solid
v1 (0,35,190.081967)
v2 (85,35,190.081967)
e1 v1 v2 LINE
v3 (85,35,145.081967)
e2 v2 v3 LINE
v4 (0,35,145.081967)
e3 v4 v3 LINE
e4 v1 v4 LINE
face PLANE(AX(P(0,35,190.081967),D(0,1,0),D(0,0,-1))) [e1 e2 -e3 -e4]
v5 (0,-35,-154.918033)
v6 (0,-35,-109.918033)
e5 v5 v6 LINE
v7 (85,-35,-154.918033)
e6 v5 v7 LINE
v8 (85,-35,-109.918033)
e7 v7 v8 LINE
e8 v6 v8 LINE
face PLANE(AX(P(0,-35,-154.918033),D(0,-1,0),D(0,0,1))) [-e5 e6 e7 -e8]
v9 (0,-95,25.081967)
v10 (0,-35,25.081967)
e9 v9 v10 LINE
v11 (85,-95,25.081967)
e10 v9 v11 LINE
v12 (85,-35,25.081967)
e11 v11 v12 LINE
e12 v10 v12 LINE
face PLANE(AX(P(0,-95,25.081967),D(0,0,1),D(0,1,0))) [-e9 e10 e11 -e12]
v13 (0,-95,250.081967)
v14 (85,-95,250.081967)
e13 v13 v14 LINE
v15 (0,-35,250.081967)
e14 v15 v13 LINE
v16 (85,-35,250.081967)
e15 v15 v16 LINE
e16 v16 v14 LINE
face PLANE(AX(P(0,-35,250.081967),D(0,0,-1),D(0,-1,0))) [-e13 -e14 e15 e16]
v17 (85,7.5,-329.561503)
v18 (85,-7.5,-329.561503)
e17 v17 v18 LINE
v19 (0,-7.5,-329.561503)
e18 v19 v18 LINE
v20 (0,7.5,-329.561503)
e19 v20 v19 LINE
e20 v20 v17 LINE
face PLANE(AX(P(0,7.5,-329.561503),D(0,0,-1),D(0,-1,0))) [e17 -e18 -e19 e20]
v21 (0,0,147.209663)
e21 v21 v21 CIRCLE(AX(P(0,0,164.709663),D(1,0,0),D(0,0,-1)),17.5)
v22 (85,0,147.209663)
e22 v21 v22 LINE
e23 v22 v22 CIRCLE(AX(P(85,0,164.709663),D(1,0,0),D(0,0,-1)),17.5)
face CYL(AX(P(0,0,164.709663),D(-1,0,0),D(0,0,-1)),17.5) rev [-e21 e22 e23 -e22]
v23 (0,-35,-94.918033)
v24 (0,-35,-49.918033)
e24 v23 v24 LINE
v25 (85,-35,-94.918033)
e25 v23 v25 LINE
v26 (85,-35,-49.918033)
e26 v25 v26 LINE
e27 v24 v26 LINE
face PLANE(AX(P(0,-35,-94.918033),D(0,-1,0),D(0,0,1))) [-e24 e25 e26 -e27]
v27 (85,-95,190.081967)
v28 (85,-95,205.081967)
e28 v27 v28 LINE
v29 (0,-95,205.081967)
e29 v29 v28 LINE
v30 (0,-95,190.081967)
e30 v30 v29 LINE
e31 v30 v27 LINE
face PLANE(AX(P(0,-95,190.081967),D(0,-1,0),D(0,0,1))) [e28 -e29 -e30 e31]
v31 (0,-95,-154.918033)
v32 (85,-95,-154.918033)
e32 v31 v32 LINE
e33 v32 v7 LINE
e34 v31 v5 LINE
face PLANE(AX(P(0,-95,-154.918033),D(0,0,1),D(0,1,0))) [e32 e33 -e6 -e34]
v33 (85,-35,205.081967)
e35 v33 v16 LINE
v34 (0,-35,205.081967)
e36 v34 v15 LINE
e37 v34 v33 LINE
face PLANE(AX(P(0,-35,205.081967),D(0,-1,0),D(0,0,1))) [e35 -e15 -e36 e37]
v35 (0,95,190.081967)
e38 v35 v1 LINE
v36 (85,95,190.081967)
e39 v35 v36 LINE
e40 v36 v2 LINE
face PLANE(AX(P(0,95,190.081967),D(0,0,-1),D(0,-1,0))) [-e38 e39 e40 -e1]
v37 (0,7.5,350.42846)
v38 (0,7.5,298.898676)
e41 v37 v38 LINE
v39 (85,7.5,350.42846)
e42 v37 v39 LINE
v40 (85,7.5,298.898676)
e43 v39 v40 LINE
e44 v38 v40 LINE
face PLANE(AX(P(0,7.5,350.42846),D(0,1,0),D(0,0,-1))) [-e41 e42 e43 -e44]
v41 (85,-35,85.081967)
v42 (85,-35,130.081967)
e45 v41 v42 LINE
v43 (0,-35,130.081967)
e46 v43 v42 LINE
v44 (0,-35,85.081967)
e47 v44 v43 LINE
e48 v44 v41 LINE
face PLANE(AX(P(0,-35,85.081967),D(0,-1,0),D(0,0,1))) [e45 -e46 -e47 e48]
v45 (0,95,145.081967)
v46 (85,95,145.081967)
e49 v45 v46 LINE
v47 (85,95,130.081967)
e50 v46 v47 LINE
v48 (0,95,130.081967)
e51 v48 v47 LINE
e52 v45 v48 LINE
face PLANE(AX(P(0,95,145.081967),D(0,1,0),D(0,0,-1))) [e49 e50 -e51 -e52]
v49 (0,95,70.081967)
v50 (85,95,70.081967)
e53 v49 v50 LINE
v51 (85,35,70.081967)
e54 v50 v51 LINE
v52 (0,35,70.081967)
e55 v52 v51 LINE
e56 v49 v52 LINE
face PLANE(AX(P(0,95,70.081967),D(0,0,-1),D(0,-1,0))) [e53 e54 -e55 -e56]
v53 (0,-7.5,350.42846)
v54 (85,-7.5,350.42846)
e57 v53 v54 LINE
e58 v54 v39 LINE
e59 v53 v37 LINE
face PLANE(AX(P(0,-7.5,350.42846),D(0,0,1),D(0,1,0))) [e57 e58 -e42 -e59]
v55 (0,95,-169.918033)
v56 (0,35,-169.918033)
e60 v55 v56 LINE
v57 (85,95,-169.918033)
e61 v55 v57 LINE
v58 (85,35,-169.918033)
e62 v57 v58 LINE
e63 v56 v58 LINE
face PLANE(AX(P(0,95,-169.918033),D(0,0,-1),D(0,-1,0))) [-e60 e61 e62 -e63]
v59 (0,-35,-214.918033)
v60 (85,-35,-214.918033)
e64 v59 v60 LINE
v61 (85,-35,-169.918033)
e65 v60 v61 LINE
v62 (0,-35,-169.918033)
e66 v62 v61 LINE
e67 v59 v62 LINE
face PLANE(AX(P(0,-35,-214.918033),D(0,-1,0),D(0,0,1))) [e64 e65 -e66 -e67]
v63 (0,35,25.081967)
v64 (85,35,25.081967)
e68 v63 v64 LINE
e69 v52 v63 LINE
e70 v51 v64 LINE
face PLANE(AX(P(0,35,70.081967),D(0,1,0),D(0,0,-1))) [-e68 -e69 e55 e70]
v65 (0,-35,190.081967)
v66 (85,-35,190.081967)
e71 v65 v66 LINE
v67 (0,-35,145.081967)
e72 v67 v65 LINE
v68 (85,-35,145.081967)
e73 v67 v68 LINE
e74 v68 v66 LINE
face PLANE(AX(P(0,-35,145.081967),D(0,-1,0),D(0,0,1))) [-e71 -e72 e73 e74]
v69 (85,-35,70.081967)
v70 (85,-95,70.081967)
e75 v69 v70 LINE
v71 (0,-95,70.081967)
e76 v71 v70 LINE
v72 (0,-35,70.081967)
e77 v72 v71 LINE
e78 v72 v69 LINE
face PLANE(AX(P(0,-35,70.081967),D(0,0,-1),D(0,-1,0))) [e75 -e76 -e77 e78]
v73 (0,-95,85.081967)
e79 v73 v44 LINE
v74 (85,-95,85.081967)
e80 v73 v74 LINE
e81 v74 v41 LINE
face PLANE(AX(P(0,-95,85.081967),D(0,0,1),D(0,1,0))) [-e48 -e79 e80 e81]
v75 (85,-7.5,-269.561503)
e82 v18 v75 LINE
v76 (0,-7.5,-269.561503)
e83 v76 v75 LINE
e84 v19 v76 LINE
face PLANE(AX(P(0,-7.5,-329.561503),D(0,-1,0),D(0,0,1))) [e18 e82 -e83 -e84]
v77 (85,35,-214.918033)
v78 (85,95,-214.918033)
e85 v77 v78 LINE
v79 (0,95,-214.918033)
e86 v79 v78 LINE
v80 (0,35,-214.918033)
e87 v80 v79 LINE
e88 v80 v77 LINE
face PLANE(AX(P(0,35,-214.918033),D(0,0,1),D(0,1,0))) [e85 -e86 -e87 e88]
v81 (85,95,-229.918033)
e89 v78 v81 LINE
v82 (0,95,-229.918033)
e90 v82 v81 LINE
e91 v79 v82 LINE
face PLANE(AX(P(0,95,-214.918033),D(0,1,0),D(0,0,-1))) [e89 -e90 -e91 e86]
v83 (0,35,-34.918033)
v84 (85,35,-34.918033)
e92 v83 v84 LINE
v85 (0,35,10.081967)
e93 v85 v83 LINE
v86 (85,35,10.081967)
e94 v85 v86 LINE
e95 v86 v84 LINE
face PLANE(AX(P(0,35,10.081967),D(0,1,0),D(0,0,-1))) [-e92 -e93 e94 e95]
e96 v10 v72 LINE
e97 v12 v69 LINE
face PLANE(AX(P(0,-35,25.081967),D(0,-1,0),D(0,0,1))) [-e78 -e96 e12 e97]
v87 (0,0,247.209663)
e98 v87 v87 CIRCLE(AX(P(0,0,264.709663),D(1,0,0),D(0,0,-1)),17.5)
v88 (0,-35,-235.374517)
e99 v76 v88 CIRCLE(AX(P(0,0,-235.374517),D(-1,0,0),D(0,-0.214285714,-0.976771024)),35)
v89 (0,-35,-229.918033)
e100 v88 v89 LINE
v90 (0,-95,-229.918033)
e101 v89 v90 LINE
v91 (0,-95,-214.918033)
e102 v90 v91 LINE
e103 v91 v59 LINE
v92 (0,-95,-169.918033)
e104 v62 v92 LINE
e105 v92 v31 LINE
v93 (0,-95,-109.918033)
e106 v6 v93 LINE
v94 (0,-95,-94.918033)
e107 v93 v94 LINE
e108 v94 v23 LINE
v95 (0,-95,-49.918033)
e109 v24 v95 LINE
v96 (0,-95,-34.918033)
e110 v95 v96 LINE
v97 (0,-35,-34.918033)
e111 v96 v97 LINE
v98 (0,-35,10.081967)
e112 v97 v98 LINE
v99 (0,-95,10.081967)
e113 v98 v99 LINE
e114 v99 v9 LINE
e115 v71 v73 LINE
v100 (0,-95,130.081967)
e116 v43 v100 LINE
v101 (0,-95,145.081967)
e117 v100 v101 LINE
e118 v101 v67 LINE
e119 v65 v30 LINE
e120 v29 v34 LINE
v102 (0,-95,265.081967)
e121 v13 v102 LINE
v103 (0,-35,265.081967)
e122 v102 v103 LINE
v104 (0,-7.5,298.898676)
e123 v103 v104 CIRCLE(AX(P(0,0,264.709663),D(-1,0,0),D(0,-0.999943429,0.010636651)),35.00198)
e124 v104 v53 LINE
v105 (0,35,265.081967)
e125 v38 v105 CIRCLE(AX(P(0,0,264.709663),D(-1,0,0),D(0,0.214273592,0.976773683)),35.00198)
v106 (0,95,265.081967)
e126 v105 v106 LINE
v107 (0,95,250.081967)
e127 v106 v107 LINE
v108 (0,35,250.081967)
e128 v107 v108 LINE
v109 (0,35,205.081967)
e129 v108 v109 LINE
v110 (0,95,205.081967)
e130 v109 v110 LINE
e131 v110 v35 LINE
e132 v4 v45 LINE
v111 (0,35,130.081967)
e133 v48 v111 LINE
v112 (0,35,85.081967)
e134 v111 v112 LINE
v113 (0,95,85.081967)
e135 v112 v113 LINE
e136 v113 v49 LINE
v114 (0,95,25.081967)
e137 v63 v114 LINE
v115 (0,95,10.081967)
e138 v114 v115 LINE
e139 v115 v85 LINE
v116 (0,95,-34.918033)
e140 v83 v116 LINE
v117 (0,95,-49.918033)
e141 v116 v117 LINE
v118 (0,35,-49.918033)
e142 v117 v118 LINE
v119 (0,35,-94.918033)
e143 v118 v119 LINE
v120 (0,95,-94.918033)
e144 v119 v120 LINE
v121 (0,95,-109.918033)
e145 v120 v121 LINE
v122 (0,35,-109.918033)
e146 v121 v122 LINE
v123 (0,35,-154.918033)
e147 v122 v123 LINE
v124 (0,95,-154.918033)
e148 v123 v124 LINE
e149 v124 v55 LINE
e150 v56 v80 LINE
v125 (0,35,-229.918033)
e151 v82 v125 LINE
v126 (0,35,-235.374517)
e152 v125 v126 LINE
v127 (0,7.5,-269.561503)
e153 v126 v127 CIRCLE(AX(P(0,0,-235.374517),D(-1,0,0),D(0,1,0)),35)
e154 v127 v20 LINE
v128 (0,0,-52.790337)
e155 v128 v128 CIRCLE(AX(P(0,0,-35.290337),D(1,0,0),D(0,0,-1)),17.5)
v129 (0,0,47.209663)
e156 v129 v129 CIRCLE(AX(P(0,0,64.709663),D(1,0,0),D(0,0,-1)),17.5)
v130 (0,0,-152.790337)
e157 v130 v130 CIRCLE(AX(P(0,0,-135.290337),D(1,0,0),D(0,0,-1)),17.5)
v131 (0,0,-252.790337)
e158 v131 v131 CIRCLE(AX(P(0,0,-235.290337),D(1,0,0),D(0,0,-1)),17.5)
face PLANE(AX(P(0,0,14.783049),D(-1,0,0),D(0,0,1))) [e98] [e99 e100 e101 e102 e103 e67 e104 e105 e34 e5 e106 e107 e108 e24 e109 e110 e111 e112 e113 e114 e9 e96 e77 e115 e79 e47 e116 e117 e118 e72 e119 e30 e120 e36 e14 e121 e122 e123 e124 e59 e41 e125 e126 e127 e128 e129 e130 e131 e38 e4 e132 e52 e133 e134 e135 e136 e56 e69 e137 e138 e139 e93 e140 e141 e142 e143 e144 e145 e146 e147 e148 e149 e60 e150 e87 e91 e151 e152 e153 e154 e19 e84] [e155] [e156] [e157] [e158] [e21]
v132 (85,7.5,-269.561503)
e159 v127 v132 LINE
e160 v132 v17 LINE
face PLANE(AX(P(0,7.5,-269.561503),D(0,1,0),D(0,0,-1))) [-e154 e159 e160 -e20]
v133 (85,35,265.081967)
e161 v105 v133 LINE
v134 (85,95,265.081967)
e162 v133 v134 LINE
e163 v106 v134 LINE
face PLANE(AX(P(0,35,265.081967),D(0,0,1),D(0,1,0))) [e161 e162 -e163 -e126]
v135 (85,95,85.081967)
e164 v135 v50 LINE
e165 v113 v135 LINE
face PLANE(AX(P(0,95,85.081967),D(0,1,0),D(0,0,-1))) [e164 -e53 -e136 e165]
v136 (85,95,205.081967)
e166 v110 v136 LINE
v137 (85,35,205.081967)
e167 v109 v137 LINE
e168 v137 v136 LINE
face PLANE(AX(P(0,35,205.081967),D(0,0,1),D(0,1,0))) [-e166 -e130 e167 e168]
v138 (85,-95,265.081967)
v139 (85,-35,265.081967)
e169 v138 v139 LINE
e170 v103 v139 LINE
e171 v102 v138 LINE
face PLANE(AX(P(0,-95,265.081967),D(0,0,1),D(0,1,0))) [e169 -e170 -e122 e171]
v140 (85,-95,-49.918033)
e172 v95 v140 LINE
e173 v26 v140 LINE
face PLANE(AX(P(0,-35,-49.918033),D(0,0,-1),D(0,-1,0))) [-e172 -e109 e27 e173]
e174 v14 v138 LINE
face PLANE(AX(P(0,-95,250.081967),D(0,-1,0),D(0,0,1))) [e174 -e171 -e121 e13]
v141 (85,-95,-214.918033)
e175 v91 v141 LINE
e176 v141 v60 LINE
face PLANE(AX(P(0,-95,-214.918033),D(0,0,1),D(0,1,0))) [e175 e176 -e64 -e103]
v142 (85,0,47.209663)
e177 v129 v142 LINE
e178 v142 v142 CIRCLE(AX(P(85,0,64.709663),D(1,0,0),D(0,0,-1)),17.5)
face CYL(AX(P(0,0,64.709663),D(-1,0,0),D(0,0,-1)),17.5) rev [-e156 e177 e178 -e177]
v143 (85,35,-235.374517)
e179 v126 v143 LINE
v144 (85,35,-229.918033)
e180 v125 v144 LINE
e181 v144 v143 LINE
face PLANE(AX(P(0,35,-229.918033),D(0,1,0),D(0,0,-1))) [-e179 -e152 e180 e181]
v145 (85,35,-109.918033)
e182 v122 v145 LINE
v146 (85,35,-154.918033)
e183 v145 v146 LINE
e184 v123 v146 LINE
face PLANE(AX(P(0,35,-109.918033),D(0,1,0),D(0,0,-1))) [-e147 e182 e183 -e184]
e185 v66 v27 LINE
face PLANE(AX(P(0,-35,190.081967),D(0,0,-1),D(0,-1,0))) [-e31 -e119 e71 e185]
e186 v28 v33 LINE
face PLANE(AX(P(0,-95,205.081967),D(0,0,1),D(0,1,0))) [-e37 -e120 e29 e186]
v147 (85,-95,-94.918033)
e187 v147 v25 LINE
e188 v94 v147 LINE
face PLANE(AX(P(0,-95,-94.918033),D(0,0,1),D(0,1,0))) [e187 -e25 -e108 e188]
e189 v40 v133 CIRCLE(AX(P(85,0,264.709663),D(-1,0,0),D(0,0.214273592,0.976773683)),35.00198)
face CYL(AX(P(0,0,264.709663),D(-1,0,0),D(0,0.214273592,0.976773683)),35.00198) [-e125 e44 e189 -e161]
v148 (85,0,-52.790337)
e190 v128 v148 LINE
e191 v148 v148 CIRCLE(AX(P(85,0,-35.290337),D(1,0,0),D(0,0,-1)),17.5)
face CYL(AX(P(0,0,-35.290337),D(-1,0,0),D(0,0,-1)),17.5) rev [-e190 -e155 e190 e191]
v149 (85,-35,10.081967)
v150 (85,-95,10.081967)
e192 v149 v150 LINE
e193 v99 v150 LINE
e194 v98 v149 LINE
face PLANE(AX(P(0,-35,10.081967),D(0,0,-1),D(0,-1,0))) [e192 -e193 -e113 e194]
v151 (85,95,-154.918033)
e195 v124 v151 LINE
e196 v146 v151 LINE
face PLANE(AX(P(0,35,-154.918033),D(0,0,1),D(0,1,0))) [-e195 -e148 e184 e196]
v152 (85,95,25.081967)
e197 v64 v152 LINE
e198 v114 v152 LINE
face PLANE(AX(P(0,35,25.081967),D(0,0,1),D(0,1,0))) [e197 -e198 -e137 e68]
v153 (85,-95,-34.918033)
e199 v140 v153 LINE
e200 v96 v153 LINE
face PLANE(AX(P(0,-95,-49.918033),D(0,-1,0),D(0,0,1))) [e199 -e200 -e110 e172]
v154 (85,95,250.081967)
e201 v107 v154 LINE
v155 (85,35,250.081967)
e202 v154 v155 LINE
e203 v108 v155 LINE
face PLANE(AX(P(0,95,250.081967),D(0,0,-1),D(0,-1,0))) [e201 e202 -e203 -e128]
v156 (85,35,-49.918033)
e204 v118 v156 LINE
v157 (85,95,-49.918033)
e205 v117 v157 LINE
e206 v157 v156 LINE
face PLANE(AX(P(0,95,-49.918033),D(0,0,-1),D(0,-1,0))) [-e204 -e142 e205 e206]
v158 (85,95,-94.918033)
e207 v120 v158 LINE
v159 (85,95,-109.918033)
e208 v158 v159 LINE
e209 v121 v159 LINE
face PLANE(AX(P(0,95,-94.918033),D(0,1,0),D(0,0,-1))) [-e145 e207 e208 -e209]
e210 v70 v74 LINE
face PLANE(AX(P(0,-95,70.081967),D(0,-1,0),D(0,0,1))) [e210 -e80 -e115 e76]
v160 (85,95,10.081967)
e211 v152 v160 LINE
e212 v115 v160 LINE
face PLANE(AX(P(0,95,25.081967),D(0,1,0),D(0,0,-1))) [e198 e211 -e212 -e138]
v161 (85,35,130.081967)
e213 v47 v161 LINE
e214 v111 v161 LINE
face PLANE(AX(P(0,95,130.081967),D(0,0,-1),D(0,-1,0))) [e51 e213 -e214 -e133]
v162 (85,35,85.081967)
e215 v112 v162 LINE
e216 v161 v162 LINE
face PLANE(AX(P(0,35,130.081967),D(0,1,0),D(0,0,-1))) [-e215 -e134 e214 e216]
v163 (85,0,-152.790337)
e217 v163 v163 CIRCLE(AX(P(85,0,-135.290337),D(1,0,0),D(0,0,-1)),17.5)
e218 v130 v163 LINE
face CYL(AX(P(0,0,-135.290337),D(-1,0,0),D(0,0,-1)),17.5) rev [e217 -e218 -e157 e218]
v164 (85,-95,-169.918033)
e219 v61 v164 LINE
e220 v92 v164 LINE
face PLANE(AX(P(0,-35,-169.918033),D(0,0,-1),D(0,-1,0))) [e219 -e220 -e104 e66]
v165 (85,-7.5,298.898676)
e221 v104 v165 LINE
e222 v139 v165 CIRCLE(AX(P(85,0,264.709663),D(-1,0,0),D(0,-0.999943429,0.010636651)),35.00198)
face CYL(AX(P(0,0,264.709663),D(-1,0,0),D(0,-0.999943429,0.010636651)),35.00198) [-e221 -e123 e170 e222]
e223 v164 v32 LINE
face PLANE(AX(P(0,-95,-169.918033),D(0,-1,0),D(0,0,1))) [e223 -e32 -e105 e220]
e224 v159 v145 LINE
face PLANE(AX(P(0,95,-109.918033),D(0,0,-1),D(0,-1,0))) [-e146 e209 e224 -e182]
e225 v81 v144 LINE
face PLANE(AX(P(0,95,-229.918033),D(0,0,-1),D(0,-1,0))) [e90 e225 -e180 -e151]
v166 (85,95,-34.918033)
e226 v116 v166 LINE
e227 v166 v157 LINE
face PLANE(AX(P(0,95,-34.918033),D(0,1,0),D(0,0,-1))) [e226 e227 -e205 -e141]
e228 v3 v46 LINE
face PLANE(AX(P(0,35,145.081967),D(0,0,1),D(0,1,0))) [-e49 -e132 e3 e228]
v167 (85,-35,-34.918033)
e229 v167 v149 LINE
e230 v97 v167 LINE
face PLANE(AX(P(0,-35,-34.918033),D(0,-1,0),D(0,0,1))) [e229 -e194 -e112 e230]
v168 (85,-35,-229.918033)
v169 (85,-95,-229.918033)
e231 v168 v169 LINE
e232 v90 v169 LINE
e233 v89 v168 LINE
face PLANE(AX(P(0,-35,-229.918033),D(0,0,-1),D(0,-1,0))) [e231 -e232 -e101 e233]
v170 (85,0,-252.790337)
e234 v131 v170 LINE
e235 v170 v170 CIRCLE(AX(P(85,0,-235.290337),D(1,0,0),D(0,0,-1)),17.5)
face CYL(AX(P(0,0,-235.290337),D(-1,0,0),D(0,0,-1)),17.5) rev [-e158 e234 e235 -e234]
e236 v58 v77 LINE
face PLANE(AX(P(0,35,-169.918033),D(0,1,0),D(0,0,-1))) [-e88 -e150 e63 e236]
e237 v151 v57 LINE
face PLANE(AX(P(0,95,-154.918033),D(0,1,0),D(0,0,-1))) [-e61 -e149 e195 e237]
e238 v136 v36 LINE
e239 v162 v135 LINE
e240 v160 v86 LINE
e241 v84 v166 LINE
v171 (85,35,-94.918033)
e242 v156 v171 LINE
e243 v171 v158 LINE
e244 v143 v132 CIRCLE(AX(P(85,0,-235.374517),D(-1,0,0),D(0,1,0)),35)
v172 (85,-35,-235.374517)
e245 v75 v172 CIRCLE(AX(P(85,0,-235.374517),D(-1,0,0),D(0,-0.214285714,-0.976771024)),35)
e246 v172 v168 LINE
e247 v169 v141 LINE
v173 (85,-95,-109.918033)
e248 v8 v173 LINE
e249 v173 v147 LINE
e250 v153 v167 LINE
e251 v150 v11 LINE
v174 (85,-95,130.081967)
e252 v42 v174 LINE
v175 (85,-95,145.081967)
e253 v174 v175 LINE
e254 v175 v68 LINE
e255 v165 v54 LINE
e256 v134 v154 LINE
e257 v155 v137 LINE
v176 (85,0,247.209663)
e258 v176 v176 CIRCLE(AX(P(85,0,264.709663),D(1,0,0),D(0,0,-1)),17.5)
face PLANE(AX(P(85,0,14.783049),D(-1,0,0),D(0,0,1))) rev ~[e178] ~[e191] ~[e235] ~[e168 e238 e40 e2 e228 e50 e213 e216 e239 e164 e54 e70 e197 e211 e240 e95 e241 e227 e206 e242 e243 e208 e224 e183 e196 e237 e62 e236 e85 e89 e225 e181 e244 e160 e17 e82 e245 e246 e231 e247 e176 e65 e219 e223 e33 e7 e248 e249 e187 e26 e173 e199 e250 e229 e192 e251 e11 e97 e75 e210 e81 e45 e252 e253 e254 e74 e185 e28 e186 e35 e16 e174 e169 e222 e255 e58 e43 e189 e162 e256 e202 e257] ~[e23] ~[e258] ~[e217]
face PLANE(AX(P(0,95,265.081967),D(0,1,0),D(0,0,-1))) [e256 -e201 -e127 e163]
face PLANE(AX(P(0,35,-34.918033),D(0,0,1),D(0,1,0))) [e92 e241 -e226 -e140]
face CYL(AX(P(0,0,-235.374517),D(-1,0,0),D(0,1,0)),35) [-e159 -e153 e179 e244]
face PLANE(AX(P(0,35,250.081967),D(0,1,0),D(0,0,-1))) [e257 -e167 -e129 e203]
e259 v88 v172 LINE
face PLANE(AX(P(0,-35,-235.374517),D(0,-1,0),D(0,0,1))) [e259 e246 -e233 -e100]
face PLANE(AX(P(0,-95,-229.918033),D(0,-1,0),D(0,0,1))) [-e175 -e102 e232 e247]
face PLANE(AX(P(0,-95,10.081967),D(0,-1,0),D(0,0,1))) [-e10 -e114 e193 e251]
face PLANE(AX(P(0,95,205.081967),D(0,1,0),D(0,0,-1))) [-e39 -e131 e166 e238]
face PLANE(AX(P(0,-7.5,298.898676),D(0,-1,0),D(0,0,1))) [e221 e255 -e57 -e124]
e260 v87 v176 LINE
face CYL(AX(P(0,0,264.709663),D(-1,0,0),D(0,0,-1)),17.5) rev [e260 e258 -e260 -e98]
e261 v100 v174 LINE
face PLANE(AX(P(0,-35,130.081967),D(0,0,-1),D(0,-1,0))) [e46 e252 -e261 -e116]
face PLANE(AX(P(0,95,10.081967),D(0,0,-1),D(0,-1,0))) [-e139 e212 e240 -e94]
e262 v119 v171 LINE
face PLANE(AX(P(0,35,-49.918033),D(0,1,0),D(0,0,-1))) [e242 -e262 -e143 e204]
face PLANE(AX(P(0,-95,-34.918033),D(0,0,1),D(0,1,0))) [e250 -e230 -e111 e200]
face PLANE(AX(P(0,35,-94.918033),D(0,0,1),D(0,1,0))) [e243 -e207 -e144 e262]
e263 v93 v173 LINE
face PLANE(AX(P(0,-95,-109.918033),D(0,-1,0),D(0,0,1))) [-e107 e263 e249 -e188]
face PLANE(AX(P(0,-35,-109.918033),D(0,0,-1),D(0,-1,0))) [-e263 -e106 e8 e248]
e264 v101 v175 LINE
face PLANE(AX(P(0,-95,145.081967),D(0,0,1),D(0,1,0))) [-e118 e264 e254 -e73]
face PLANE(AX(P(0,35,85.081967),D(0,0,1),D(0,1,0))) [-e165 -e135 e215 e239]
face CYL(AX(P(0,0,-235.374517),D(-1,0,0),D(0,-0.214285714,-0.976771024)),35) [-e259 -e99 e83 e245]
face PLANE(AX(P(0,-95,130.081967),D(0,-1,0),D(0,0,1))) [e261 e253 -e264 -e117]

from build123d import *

# Parameters (mm, degrees)
SKETCH1_R           = 17.5
BOSS_EXTRUDE1_DEPTH = 85


with BuildPart() as part:
    # Sketch1 → Boss-Extrude1 (new body)
    with BuildSketch(Plane(origin=(0, 0, 0), x_dir=(0, 0, -1), z_dir=(1, 0, 0))):
        with BuildLine():
            Line((-250.081967213, 35), (-205.081967213, 35))
            Line((-205.081967213, 35), (-205.081967213, 95))
            Line((-205.081967213, 95), (-190.081967213, 95))
            Line((-190.081967213, 95), (-190.081967213, 35))
            Line((-190.081967213, 35), (-185.081967213, 35))
            Line((-185.081967213, 35), (-145.081967213, 35))
            Line((-145.081967213, 35), (-145.081967213, 95))
            Line((-145.081967213, 95), (-130.081967213, 95))
            Line((-130.081967213, 95), (-130.081967213, 35))
            Line((-130.081967213, 35), (-85.081967213, 35))
            Line((-85.081967213, 35), (-85.081967213, 95))
            Line((-85.081967213, 95), (-70.081967213, 95))
            Line((-70.081967213, 95), (-70.081967213, 35))
            Line((-70.081967213, 35), (-25.081967213, 35))
            Line((-25.081967213, 35), (-25.081967213, 95))
            Line((-25.081967213, 95), (-10.081967213, 95))
            Line((-10.081967213, 95), (-10.081967213, 35))
            Line((-10.081967213, 35), (34.918032787, 35))
            Line((34.918032787, 35), (34.918032787, 95))
            Line((34.918032787, 95), (49.918032787, 95))
            Line((49.918032787, 95), (49.918032787, 35))
            Line((49.918032787, 35), (94.918032787, 35))
            Line((94.918032787, 35), (94.918032787, 95))
            Line((94.918032787, 95), (109.918032787, 95))
            Line((109.918032787, 95), (109.918032787, 35))
            Line((109.918032787, 35), (154.918032787, 35))
            Line((154.918032787, 35), (154.918032787, 95))
            Line((154.918032787, 95), (169.918032787, 95))
            Line((169.918032787, 95), (169.918032787, 35))
            Line((169.918032787, 35), (214.918032787, 35))
            Line((214.918032787, 35), (214.918032787, 95))
            Line((214.918032787, 95), (229.918032787, 95))
            Line((229.918032787, 95), (229.918032787, 35))
            Line((229.918032787, 35), (235.374517149, 35))
            ThreePointArc((235.374517149, 35), (257.311928117, 27.271780287), (269.561502977, 7.5))
            Line((269.561502977, 7.5), (329.561502977, 7.5))
            Line((329.561502977, 7.5), (329.561502977, -7.5))
            Line((329.561502977, -7.5), (269.561502977, -7.5))
            ThreePointArc((269.561502977, -7.5), (257.311928117, -27.271780287), (235.374517149, -35))
            Line((235.374517149, -35), (229.918032787, -35))
            Line((229.918032787, -35), (229.918032787, -95))
            Line((229.918032787, -95), (214.918032787, -95))
            Line((214.918032787, -95), (214.918032787, -35))
            Line((214.918032787, -35), (169.918032787, -35))
            Line((169.918032787, -35), (169.918032787, -95))
            Line((169.918032787, -95), (154.918032787, -95))
            Line((154.918032787, -95), (154.918032787, -35))
            Line((154.918032787, -35), (109.918032787, -35))
            Line((109.918032787, -35), (109.918032787, -95))
            Line((109.918032787, -95), (94.918032787, -95))
            Line((94.918032787, -95), (94.918032787, -35))
            Line((94.918032787, -35), (49.918032787, -35))
            Line((49.918032787, -35), (49.918032787, -95))
            Line((49.918032787, -95), (34.918032787, -95))
            Line((34.918032787, -95), (34.918032787, -35))
            Line((34.918032787, -35), (-10.081967213, -35))
            Line((-10.081967213, -35), (-10.081967213, -95))
            Line((-10.081967213, -95), (-25.081967213, -95))
            Line((-25.081967213, -95), (-25.081967213, -35))
            Line((-25.081967213, -35), (-70.081967213, -35))
            Line((-70.081967213, -35), (-70.081967213, -95))
            Line((-70.081967213, -95), (-85.081967213, -95))
            Line((-85.081967213, -95), (-85.081967213, -35))
            Line((-85.081967213, -35), (-130.081967213, -35))
            Line((-130.081967213, -35), (-130.081967213, -95))
            Line((-130.081967213, -95), (-145.081967213, -95))
            Line((-145.081967213, -95), (-145.081967213, -35))
            Line((-145.081967213, -35), (-190.081967213, -35))
            Line((-190.081967213, -35), (-190.081967213, -95))
            Line((-190.081967213, -95), (-205.081967213, -95))
            Line((-205.081967213, -95), (-205.081967213, -35))
            Line((-205.081967213, -35), (-250.081967213, -35))
            Line((-250.081967213, -35), (-250.081967213, -95))
            Line((-250.081967213, -95), (-265.081967213, -95))
            Line((-265.081967213, -95), (-265.081967213, -35))
            ThreePointArc((-265.081967213, -35), (-286.793224125, -27.156121863), (-298.898676377, -7.5))
            Line((-298.898676377, -7.5), (-350.428459553, -7.5))
            Line((-350.428459553, -7.5), (-350.428459553, 7.5))
            Line((-350.428459553, 7.5), (-298.898676377, 7.5))
            ThreePointArc((-298.898676377, 7.5), (-286.793224125, 27.156121863), (-265.081967213, 35))
            Line((-265.081967213, 35), (-265.081967213, 95))
            Line((-265.081967213, 95), (-250.081967213, 95))
            Line((-250.081967213, 95), (-250.081967213, 35))
        make_face()
        with Locations((-264.709663373, 0)):
            Circle(SKETCH1_R, mode=Mode.SUBTRACT)
        with Locations((-164.709663373, 0)):
            Circle(SKETCH1_R, mode=Mode.SUBTRACT)
        with Locations((-64.709663373, 0)):
            Circle(SKETCH1_R, mode=Mode.SUBTRACT)
        with Locations((35.290336627, 0)):
            Circle(SKETCH1_R, mode=Mode.SUBTRACT)
        with Locations((135.290336627, 0)):
            Circle(SKETCH1_R, mode=Mode.SUBTRACT)
        with Locations((235.290336627, 0)):
            Circle(SKETCH1_R, mode=Mode.SUBTRACT)
    extrude(amount=BOSS_EXTRUDE1_DEPTH)


solid = part.part
